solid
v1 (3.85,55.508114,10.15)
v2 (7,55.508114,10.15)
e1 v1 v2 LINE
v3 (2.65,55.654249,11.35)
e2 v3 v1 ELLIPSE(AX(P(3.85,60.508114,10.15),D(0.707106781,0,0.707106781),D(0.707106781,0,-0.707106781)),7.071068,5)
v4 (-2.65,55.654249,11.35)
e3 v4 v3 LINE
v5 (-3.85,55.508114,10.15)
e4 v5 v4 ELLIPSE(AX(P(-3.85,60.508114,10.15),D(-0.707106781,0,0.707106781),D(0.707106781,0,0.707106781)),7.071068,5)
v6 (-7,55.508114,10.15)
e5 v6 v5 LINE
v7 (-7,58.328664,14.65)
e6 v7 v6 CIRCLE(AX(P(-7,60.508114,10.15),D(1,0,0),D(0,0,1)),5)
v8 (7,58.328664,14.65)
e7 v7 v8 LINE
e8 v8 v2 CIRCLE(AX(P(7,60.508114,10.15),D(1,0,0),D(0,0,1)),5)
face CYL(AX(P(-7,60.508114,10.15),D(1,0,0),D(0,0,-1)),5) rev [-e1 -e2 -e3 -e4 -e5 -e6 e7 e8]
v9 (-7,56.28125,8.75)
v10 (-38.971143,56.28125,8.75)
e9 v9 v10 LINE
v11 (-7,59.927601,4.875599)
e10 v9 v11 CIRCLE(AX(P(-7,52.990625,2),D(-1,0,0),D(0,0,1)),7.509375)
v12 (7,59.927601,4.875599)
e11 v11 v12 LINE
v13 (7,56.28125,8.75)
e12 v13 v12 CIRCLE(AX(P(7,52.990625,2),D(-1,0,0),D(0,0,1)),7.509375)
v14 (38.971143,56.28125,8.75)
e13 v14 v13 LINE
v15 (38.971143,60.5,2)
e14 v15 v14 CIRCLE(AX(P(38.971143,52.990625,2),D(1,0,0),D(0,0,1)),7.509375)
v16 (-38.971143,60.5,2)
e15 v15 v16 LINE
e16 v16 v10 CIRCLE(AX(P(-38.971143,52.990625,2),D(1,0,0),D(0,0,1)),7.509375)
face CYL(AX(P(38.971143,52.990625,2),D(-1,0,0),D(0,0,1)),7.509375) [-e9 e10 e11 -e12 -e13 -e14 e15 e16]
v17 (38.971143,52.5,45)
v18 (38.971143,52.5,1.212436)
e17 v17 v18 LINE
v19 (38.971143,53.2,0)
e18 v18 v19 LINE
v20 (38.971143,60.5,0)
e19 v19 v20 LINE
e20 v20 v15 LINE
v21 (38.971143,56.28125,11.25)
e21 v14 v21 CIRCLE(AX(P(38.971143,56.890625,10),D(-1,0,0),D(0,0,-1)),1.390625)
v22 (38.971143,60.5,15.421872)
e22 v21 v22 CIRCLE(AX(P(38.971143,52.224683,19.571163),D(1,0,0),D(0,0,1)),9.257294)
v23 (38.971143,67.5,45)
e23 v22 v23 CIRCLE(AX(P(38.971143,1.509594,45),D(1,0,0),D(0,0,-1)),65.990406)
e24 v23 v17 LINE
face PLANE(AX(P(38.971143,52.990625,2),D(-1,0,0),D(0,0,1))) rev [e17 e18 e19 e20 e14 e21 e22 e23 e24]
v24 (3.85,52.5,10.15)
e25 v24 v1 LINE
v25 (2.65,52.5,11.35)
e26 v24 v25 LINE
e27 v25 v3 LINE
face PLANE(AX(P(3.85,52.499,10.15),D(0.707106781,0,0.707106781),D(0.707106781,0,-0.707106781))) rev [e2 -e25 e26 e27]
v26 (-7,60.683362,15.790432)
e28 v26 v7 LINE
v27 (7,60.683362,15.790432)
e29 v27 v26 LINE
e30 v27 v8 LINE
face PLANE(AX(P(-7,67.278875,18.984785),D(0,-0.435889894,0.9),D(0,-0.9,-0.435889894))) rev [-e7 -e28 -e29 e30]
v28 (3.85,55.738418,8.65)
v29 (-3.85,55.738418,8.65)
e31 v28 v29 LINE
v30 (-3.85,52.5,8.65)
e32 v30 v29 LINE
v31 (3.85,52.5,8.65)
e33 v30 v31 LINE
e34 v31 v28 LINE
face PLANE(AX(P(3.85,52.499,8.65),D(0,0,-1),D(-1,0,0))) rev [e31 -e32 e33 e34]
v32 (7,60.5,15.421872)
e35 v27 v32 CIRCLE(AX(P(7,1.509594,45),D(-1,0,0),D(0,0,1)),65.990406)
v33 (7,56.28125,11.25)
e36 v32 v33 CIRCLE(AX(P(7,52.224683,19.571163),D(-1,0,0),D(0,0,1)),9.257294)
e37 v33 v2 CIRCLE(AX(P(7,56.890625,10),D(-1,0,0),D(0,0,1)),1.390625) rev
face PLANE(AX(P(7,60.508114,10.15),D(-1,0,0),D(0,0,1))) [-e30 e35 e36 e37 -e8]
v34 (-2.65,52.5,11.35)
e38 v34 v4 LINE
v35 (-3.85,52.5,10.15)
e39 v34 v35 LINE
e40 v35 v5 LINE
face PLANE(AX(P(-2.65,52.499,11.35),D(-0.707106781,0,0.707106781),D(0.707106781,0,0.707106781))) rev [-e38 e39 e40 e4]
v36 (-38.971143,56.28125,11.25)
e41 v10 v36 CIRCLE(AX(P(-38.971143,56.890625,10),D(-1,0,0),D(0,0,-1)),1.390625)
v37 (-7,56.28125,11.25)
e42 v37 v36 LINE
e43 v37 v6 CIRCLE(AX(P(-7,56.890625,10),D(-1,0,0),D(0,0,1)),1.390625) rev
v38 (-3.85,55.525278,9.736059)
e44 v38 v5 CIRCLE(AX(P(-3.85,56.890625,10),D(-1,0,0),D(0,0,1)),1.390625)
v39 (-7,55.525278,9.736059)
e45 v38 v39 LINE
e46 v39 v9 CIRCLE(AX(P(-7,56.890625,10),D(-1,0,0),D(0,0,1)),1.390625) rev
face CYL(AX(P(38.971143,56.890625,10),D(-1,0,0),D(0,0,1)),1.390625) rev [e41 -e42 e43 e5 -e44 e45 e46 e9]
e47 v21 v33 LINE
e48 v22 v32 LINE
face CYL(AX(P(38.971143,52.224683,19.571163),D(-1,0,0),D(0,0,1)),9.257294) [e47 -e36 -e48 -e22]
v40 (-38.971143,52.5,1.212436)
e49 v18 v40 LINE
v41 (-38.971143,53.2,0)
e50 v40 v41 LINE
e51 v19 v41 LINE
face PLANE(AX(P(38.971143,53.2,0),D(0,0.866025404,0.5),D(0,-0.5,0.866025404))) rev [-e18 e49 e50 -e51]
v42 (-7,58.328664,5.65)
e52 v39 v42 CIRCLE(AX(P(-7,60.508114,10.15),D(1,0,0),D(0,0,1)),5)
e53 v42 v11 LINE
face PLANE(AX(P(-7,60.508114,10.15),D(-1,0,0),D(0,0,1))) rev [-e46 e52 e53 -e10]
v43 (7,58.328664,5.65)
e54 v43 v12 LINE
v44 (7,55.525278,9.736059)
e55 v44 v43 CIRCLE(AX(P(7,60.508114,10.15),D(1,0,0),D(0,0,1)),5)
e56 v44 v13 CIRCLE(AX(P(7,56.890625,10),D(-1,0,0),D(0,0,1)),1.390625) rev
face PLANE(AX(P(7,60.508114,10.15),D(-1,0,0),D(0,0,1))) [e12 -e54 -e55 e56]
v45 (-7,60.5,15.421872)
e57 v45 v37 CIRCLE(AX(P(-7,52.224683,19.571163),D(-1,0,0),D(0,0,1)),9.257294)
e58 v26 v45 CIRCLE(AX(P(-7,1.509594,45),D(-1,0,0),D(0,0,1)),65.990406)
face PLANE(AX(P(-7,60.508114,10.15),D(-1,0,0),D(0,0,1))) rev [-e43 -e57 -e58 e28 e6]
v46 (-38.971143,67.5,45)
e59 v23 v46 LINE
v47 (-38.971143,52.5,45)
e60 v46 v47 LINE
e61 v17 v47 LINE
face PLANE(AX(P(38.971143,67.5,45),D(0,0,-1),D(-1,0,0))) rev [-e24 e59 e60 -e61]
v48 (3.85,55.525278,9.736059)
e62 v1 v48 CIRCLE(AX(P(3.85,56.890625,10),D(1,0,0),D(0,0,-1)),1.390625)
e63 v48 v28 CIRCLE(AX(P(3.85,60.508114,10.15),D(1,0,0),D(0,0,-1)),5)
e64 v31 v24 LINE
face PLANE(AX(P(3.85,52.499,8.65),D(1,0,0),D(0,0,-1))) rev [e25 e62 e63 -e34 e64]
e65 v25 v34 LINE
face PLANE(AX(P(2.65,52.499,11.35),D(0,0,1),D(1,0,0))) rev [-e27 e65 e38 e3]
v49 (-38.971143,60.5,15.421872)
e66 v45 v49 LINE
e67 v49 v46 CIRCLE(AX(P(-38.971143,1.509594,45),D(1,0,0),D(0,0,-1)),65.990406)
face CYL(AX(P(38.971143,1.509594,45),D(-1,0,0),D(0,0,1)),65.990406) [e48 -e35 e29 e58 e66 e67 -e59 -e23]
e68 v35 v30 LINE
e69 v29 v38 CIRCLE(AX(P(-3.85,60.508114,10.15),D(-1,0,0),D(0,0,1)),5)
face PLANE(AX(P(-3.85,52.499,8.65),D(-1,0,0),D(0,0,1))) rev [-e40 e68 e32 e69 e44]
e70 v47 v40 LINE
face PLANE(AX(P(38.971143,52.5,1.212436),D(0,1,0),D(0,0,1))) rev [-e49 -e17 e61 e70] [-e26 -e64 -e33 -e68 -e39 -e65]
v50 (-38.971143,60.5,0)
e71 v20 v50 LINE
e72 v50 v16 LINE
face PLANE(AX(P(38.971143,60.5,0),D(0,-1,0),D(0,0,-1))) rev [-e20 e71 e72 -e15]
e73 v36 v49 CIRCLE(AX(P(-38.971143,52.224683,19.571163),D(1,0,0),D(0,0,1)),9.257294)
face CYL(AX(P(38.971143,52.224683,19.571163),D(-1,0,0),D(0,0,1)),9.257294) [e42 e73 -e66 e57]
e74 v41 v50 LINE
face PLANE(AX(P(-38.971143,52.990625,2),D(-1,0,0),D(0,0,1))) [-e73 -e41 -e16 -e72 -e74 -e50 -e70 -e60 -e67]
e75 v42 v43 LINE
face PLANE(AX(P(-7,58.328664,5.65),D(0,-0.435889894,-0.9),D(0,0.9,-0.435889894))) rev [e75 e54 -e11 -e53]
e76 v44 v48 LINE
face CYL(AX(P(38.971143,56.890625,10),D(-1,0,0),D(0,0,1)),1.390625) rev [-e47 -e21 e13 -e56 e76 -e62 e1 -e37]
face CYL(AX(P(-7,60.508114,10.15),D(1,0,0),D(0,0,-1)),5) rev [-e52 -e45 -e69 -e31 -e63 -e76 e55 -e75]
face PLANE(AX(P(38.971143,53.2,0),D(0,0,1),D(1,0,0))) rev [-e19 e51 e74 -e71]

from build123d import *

# Parameters (mm, degrees)
EXTRUDE_1509_DEPTH      = 38.971143
EXTRUDE_1509_DEPTH_BACK = 38.971143
USB_REACH               = 62.065
CUT_EXTRUDE_2243_DEPTH  = 7


with BuildPart() as part:
    # Эскиз1 → Extrude 1509 (new, two sides: drawn at the far end of the back side and taken through both)
    with BuildSketch(Plane(origin=(0, 0, 0), x_dir=(0, 0, -1), z_dir=(1, 0, 0)).offset(-EXTRUDE_1509_DEPTH_BACK)):
        with BuildLine():
            Line((0, 60.5), (-2, 60.5))
            ThreePointArc((-2, 60.5), (-5.97996079, 59.358562264), (-8.75, 56.28125))
            ThreePointArc((-8.75, 56.28125), (-10, 55.5), (-11.25, 56.28125))
            ThreePointArc((-11.25, 56.28125), (-12.988798615, 58.733904838), (-15.421871621, 60.5))
            ThreePointArc((-15.421871621, 60.5), (-29.802420601, 65.726159332), (-45, 67.5))
            Line((-45, 67.5), (-45, 52.5))
            Line((-45, 52.5), (-1.212435565, 52.5))
            Line((-1.212435565, 52.5), (0, 53.2))
            Line((0, 53.2), (0, 60.5))
        make_face()
    extrude(amount=EXTRUDE_1509_DEPTH + EXTRUDE_1509_DEPTH_BACK)

    # Эскиз3 → Вырез под USB (cut, up to next)
    with BuildSketch(Plane(origin=(0, 60.5, 0), x_dir=(1, 0, 0), z_dir=(0, 1, 0)), mode=Mode.PRIVATE) as usb_sk1:
        Polygon((3.85, -8.65), (-3.85, -8.65), (-3.85, -10.15), (-2.65, -11.35), (2.65, -11.35), (3.85, -10.15), align=None)
    usb_tool1 = extrude(usb_sk1.sketch, amount=-USB_REACH, mode=Mode.PRIVATE) & part.part
    add(usb_tool1.solids().sort_by_distance((0, 60.5, 9.929302))[0], mode=Mode.SUBTRACT)

    # Эскиз4 → Cut-Extrude 2243 (cut, symmetric)
    with BuildSketch(Plane(origin=(0, 0, 0), x_dir=(0, 0, -1), z_dir=(1, 0, 0))):
        with BuildLine():
            Line((-5.65, 58.328664085), (-1.315214811, 67.278875413))
            Line((-1.315214811, 67.278875413), (-18.984785189, 67.278875413))
            Line((-18.984785189, 67.278875413), (-14.65, 58.328664085))
            ThreePointArc((-14.65, 58.328664085), (-10.15, 55.508113557), (-5.65, 58.328664085))
        make_face()
    extrude(amount=CUT_EXTRUDE_2243_DEPTH, both=True, mode=Mode.SUBTRACT)


solid = part.part
